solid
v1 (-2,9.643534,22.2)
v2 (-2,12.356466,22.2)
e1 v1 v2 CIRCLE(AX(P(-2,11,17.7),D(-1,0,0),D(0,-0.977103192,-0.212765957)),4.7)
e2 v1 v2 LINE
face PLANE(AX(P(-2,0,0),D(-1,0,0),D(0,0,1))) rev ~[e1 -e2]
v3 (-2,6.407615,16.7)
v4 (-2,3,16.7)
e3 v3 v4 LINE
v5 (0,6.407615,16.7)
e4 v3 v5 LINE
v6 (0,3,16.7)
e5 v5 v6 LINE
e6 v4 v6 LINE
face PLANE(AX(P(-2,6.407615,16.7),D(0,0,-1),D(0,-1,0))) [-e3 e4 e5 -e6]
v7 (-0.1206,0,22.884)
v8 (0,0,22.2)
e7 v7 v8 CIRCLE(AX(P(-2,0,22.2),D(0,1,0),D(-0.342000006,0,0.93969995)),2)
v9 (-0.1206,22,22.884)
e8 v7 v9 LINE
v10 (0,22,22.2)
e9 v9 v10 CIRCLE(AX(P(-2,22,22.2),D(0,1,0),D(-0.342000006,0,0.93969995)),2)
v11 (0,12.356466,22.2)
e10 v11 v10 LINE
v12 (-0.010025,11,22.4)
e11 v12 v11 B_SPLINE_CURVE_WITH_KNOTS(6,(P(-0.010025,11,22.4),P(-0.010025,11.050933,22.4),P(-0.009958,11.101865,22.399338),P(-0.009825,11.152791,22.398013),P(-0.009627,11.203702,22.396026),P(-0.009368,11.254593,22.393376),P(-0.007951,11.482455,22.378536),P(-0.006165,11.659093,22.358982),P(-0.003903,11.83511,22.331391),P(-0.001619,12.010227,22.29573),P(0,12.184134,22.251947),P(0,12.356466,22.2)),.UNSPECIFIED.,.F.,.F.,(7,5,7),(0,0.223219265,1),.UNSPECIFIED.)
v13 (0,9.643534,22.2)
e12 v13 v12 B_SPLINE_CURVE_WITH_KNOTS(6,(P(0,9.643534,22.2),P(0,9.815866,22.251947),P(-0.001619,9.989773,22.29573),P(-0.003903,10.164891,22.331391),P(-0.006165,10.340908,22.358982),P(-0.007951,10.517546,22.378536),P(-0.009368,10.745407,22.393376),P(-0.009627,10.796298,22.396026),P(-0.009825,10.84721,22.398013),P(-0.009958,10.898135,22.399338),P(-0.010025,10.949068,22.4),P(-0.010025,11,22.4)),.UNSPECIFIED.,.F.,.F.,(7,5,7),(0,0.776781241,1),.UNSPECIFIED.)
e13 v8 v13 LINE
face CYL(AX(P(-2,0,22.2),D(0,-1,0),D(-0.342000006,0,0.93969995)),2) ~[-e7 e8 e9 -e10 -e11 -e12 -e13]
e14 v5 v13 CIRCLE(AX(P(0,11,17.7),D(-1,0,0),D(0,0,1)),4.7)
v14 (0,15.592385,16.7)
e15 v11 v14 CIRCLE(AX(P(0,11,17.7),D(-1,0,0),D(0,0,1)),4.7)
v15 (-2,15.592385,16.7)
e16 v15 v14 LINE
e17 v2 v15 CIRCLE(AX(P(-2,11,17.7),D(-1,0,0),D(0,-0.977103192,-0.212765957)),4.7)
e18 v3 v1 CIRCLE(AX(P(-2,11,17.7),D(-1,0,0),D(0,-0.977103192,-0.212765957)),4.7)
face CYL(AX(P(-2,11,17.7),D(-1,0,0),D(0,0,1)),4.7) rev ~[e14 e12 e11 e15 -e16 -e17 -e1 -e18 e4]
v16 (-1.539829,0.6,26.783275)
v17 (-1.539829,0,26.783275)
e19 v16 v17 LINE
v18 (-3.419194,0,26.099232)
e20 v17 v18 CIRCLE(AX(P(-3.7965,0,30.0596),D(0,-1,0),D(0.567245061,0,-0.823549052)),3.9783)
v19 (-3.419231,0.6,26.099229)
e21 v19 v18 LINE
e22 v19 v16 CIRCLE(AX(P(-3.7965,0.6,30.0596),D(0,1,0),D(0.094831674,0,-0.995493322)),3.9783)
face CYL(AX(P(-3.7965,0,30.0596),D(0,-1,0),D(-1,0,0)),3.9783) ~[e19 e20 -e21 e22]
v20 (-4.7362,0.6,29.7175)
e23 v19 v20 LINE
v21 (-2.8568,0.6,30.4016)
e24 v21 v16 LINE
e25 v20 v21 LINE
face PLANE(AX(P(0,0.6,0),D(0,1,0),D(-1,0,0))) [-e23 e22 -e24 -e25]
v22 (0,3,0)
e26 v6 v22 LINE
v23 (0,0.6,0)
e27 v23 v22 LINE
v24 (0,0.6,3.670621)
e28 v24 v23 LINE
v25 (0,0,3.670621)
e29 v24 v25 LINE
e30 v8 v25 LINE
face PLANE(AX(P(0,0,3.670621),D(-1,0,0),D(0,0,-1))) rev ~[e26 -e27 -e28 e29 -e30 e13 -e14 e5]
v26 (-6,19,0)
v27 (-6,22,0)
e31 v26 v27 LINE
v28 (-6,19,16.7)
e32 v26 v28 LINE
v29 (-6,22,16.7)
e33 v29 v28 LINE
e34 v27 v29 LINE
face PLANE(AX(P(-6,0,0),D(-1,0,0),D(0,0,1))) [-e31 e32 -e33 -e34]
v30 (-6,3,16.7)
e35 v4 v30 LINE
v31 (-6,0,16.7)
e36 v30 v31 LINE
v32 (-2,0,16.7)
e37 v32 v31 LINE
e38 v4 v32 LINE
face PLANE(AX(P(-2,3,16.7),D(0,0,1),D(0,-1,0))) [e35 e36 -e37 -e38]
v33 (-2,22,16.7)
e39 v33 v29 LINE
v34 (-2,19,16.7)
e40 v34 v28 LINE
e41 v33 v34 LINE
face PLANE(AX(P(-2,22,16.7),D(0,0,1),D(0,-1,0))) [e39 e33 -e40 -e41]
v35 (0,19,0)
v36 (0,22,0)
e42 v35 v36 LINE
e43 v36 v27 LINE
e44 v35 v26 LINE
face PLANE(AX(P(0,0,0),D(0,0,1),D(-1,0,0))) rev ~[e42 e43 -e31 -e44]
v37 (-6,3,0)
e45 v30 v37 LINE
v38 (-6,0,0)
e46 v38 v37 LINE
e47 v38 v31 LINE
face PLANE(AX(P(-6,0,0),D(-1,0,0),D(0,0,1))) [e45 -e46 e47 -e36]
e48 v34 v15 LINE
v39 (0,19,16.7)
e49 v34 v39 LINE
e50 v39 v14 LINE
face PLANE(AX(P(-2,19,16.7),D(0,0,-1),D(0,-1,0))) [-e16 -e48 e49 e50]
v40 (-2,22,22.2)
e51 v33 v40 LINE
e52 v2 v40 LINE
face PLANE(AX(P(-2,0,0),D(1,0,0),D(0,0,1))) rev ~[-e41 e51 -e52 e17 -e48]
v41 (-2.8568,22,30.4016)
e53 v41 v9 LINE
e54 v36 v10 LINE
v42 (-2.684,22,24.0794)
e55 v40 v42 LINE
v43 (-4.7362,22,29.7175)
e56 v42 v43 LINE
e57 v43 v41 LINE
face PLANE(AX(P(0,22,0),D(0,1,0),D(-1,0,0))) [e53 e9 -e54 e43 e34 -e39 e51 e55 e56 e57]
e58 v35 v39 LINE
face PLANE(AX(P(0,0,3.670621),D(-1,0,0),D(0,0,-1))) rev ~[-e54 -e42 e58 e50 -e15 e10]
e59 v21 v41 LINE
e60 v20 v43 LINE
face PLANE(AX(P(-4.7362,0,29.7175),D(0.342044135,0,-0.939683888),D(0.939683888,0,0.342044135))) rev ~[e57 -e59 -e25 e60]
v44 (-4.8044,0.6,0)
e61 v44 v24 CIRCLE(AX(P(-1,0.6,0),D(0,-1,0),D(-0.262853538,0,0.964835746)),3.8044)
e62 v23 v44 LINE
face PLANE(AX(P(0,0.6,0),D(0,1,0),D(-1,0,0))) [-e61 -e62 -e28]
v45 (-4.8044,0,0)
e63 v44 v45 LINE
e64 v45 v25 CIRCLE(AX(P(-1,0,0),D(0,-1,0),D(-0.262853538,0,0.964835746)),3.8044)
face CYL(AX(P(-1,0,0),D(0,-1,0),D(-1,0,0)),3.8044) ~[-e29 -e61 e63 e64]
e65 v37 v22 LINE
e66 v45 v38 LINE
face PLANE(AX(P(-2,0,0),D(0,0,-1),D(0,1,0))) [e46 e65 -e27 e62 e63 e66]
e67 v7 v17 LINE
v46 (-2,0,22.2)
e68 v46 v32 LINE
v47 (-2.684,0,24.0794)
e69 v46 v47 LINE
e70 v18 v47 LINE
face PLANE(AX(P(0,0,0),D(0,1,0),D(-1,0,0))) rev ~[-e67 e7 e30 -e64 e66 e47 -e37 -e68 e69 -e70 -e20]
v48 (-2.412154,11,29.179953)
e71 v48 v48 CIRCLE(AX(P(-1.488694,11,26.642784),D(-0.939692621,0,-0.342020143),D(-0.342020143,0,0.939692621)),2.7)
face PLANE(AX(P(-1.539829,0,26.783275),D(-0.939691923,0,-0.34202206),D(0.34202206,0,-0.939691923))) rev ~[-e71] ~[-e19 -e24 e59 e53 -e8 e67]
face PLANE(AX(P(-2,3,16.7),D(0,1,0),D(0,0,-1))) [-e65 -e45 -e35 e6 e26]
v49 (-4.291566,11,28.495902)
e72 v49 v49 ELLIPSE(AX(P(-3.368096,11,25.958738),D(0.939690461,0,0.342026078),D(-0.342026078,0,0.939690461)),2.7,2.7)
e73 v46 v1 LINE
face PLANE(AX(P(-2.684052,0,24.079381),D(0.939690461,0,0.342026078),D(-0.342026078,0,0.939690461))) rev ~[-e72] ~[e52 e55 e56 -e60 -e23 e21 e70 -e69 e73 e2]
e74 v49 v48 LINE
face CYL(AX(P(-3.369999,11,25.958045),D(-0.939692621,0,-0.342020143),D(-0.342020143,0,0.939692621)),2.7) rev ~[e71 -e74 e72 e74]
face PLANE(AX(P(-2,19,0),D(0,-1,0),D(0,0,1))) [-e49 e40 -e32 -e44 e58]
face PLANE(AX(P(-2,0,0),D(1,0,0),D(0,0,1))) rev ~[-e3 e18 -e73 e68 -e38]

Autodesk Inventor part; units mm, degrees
ref_plane "YZ Plane" through (0, 0, 0) normal (1, 0, 0) x (0, 1, 0)
ref_plane "XZ Plane" through (0, 0, 0) normal (0, 1, 0) x (-1, 0, 0)
ref_plane "XY Plane" through (0, 0, 0) normal (0, 0, 1) x (1, 0, 0)
sketch "Sketch1" plane through (0, 0, 0) normal (0, 1, 0) x (-1, 0, 0)
  line L0 (0, 0) -> (2, 0)
  line L1 (2, 0) -> (2, 22.2)
  line L2 (2, 22.2) -> (0, 22.2)
  line L3 (0, 22.2) -> (0, 0)
  line L4 (0.1206, 22.884) -> (2, 22.2)
  line L5 (2, 22.2) -> (4.7362, 29.7175)
  line L6 (4.7362, 29.7175) -> (2.8568, 30.4016)
  line L7 (2.8568, 30.4016) -> (0.1206, 22.884)
  line L8 (2, 22.2) -> (-13.9637, 28.0103) construction
  line L9 (3.7965, 30.0596) -> (1.0603, 22.542) construction
  arc A0 (2.684, 24.0794) -> (2, 20.2) centre (2, 22.2) ccw
  arc A1 (2, 20.2) -> (2.684, 24.0794) centre (2, 22.2) ccw
  circle A2 centre (3.7965, 30.0596) radius 3.9783
  circle A3 centre (1, 0) radius 3.8044
  dimension "d0" = 2
  dimension "d1" = 22.2
  dimension "d26" = 2
  dimension "d27" = 20
  dimension "d28" = 8
extrude "Extrusion6" add sketch "Sketch1" along normal blind 22 contours L3 A3 L1 L0 | L3 A0 L1 A3 | A0 L4 L2 | L2 L1 A0 | L1 L5 A1 | L4 A0 L5 | L7 A2 L5 A0 | L7 L6 L5 A2 picked at (1.1123, 1.2632) picked at (3.2392, 28.8563)
extrude "Extrusion7" cut sketch "Sketch1" along normal blind 22 contours L1 L5 A1
sketch "Sketch4" plane through (-4.7362, 0, 29.7175) normal (-0.9397, 0, -0.342) x (-0.342, 0, 0.9397)
  line L0 (-8, 22) -> (0, 22) projected
  line L1 (-8, 0) -> (-8, 22) projected
  circle A0 centre (-4, 11) radius 2.7
  point P0 (-29.5452, 0)
  point P1 (-8, 11)
  point P2 (-4, 22)
  dimension "d33" = 5.4
extrude "Extrusion8" cut sketch "Sketch4" against normal blind 3
sketch "Sketch5" plane through (-2, 0, 0) normal (-1, 0, 0) x (0, 0, 1)
  line L0 (0, 22) -> (22.2, 22) projected
  line L1 (0, 0) -> (0, 22) projected
  line L2 (0, 0) -> (22.2, 0) projected
  line L3 (22.2, 0) -> (22.2, 22) projected
  circle A0 centre (17.7, 11) radius 4.7
  line L4 (16.7, 22) -> (16.7, 0) construction
  line L5 (0, 19) -> (16.7, 19)
  line L6 (16.7, 19) -> (16.7, 3)
  line L7 (16.7, 3) -> (0, 3)
  line L8 (0, 3) -> (0, 19)
  line L9 (0, 22) -> (16.7, 22)
  line L10 (16.7, 22) -> (16.7, 19)
  line L11 (16.7, 19) -> (0, 19)
  line L12 (0, 19) -> (0, 22)
  line L13 (0, 3) -> (16.7, 3)
  line L14 (16.7, 3) -> (16.7, 0)
  line L15 (16.7, 0) -> (0, 0)
  line L16 (0, 0) -> (0, 3)
  point P0 (22.2, 11)
  point P1 (16.7, 11)
  point P2 (0, 11)
  dimension "d36" = 9.4
  dimension "d37" = 4.5
  dimension "d38" = 16.7
  dimension "d39" = 16
extrude "Extrusion9" cut sketch "Sketch5" against normal blind 3 contours L5 L6 A0 L7 L1 | A0 L3 | L3 A0 L6 | L6 A0
extrude "Extrusion11" add sketch "Sketch1" along normal blind 0.6 contours L3 A3 L1 L0 | L0 L1 A3 L3 | A2 L5 L6 L7 | L7 L6 L5 A2
extrude "Extrusion12" add sketch "Sketch5" along normal blind 4 contours L0 L10 L5 L1 | L7 L14 L2 L1
equation "\"sp\" = 0.4"
properties part number "EncoderBracket"
